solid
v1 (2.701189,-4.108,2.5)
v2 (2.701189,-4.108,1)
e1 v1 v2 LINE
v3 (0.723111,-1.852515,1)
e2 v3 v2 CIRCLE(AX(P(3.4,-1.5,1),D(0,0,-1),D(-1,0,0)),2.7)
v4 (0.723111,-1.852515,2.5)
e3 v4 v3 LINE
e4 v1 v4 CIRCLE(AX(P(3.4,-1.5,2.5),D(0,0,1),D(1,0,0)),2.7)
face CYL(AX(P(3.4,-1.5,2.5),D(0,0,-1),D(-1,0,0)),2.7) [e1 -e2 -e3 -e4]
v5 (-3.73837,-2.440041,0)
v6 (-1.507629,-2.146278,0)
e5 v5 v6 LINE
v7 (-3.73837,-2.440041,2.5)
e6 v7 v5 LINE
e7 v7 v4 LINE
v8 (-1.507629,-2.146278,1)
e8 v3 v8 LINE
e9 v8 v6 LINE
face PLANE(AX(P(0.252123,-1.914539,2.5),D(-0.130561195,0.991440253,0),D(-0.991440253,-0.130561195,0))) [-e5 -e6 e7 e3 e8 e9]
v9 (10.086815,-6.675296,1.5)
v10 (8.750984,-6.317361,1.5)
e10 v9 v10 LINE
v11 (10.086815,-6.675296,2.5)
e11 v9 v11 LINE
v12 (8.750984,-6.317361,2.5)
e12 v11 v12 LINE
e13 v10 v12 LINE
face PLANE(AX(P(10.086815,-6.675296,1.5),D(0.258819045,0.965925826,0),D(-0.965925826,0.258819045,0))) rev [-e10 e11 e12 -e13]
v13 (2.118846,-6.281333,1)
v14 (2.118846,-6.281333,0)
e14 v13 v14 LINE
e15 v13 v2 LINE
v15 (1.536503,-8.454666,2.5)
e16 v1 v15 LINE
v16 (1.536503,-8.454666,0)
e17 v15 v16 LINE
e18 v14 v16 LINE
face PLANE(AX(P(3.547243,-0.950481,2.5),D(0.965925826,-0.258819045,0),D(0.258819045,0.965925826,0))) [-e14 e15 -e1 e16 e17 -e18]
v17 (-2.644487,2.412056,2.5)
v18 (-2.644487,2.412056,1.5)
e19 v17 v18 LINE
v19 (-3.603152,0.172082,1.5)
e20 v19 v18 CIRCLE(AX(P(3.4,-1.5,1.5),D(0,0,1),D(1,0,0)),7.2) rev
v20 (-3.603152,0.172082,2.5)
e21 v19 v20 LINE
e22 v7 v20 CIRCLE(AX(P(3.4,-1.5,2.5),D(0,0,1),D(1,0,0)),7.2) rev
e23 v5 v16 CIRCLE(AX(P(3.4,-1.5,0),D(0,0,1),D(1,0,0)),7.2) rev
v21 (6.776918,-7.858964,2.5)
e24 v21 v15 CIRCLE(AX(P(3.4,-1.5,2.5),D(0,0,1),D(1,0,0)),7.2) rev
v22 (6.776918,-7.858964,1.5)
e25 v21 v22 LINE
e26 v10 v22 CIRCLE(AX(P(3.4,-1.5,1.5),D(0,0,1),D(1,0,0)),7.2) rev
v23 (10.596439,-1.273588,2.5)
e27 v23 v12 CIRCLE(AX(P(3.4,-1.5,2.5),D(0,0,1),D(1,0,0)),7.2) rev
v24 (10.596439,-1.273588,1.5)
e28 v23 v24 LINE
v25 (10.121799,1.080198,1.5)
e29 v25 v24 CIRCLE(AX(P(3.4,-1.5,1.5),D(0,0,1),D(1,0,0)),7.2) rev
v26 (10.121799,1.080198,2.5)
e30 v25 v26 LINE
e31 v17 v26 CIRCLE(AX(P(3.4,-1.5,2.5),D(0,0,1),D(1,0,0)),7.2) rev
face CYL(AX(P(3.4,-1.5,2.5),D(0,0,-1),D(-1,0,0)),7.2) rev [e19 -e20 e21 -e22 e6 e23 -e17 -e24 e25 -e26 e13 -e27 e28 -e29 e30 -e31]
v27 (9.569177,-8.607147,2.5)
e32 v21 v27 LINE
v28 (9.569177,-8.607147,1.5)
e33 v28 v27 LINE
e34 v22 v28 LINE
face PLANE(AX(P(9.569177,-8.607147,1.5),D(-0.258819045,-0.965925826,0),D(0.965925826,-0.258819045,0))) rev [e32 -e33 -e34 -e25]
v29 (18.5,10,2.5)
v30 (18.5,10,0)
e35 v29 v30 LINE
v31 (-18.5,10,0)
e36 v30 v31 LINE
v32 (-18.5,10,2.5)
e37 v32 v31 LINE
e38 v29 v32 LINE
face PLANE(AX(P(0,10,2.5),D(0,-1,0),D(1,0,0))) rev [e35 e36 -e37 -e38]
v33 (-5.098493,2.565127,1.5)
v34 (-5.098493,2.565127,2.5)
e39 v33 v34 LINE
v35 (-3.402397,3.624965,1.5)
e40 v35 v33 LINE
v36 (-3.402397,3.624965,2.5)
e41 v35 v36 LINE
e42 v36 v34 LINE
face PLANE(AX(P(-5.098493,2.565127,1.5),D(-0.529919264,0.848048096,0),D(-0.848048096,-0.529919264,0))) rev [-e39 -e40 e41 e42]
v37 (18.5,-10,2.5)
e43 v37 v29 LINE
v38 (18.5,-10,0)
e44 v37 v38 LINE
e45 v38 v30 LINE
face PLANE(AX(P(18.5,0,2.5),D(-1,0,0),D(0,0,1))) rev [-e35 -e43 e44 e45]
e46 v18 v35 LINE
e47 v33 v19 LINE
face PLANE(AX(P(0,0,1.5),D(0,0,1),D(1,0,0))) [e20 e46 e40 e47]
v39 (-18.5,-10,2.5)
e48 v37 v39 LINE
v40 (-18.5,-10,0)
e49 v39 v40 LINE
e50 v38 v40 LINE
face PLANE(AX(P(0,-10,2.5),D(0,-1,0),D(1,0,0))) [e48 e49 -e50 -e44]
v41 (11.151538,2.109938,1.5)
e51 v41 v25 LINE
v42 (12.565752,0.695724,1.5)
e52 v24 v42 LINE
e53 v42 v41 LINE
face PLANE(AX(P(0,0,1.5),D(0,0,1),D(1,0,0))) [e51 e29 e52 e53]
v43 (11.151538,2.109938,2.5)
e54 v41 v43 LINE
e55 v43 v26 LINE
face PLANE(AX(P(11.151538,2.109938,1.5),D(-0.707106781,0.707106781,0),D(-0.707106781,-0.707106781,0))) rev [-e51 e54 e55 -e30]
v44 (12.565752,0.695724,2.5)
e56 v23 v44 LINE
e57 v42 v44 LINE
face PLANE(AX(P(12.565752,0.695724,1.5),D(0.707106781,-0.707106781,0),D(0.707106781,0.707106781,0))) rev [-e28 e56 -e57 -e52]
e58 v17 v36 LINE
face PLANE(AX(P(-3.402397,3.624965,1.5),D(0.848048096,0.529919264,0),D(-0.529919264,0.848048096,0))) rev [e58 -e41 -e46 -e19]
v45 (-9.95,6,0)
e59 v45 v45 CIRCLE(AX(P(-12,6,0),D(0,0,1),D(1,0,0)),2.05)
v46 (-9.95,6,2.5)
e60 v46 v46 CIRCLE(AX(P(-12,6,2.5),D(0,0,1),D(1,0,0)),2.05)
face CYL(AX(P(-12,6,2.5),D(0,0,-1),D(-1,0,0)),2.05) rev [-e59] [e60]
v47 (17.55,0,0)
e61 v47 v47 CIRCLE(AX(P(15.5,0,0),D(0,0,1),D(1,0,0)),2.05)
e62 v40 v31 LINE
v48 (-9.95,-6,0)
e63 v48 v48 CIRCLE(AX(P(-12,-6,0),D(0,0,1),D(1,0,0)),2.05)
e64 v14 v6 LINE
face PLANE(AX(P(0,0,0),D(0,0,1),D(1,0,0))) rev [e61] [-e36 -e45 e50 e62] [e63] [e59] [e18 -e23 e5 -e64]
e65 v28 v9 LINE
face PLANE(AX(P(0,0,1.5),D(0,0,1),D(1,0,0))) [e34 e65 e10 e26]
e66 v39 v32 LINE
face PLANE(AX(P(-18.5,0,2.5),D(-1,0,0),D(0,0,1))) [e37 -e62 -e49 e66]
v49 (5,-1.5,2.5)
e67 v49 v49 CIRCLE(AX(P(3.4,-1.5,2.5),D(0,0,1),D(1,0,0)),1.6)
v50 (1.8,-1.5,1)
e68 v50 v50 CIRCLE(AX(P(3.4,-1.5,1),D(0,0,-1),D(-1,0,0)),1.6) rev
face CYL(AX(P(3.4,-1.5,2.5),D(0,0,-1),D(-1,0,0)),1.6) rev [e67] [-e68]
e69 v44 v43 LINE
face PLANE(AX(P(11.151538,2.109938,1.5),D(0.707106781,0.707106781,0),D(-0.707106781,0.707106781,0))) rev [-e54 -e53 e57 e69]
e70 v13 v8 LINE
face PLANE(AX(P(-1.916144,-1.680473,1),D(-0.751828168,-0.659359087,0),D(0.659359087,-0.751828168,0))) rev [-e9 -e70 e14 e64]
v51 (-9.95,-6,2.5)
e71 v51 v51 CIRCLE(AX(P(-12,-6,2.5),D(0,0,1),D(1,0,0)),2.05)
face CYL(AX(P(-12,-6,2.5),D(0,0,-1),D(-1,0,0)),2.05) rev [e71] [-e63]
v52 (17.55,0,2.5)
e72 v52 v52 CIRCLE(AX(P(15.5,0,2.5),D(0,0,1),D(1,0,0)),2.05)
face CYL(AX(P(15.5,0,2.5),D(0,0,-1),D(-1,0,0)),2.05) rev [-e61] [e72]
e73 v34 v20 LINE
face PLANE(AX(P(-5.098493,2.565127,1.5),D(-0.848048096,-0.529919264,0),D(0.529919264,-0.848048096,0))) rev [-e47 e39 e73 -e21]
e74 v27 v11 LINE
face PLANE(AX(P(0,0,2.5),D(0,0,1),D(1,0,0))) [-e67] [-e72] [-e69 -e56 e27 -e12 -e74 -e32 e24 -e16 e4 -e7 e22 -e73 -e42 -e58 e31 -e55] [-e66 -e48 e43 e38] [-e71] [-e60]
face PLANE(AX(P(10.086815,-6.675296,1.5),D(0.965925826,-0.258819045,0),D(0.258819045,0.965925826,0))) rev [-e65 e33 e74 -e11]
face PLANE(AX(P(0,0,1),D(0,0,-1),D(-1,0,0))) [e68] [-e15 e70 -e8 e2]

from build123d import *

# Parameters (mm, degrees)
ESQUISSE1_W             = 37
ESQUISSE1_H             = 20
ESQUISSE1_R             = 2.05
ESQUISSE1_R_2           = 1.6
BOSS_EXTRU_1_DEPTH      = 2.5
ESQUISSE3_R             = 1.6
ENL_V_MAT_EXTRU_1_DEPTH = 1
ENL_V_MAT_EXTRU_2_DEPTH = 1


with BuildPart() as part:
    # Esquisse1 → Boss.-Extru.1 (new body)
    with BuildSketch(Plane.XY):
        Rectangle(ESQUISSE1_W, ESQUISSE1_H)
        with Locations((-12, 6)):
            Circle(ESQUISSE1_R, mode=Mode.SUBTRACT)
        with Locations((-12, -6)):
            Circle(ESQUISSE1_R, mode=Mode.SUBTRACT)
        with Locations((15.5, 0)):
            Circle(ESQUISSE1_R, mode=Mode.SUBTRACT)
        with Locations((3.4, -1.5)):
            Circle(ESQUISSE1_R_2, mode=Mode.SUBTRACT)
        with BuildLine():
            Line((-3.738369819, -2.440040602), (0.723111318, -1.852515226))
            ThreePointArc((0.723111318, -1.852515226), (5.429936055, 0.280269534), (2.701188578, -4.107999731))
            Line((2.701188578, -4.107999731), (1.536502875, -8.454665949))
            ThreePointArc((1.536502875, -8.454665949), (8.813162812, 3.247385424), (-3.738369819, -2.440040602))
        make_face(mode=Mode.SUBTRACT)
    extrude(amount=BOSS_EXTRU_1_DEPTH)

    # Esquisse3 → Enlèv. mat.-Extru.1 (cut)
    # profile 1 of 2: a face of its own
    with BuildSketch(Plane(origin=(0, 0, 0), x_dir=(-1, 0, 0), z_dir=(0, 0, -1))):
        with BuildLine():
            Line((3.738369819, -2.440040602), (-0.723111318, -1.852515226))
            ThreePointArc((-0.723111318, -1.852515226), (-5.429936055, 0.280269534), (-2.701188578, -4.107999731))
            Line((-2.701188578, -4.107999731), (-1.536502875, -8.454665949))
            ThreePointArc((-1.536502875, -8.454665949), (-8.813162812, 3.247385424), (3.738369819, -2.440040602))
        make_face()
    # profile 2 of 2: a face of its own
    with BuildSketch(Plane(origin=(0, 0, 0), x_dir=(-1, 0, 0), z_dir=(0, 0, -1))):
        with BuildLine():
            Line((-2.118845727, -6.28133284), (1.50762925, -2.146277914))
            Line((1.50762925, -2.146277914), (-0.723111318, -1.852515226))
            ThreePointArc((-0.723111318, -1.852515226), (-5.429936055, 0.280269534), (-2.701188578, -4.107999731))
            Line((-2.701188578, -4.107999731), (-2.118845727, -6.28133284))
        make_face()
        with Locations((-3.4, -1.5)):
            Circle(ESQUISSE3_R, mode=Mode.SUBTRACT)
    extrude(amount=-ENL_V_MAT_EXTRU_1_DEPTH, mode=Mode.SUBTRACT)

    # Esquisse4 → Enlèv. mat.-Extru.2 (cut)
    with BuildSketch(Plane.XY.offset(2.5)):
        Polygon((-5.098492824, 2.565126725), (-3.402396632, 3.624965253), (-1.282719575, 0.232772869), (-2.978815767, -0.82706566), align=None)
        Polygon((11.151538443, 2.109938013), (12.565752005, 0.69572445), (9.73732488, -2.132702674), (8.323111318, -0.718489112), align=None)
        Polygon((10.086814623, -6.675295623), (9.569176533, -8.607147276), (5.705473228, -7.571871096), (6.223111318, -5.640019443), align=None)
    extrude(amount=-ENL_V_MAT_EXTRU_2_DEPTH, mode=Mode.SUBTRACT)


solid = part.part
